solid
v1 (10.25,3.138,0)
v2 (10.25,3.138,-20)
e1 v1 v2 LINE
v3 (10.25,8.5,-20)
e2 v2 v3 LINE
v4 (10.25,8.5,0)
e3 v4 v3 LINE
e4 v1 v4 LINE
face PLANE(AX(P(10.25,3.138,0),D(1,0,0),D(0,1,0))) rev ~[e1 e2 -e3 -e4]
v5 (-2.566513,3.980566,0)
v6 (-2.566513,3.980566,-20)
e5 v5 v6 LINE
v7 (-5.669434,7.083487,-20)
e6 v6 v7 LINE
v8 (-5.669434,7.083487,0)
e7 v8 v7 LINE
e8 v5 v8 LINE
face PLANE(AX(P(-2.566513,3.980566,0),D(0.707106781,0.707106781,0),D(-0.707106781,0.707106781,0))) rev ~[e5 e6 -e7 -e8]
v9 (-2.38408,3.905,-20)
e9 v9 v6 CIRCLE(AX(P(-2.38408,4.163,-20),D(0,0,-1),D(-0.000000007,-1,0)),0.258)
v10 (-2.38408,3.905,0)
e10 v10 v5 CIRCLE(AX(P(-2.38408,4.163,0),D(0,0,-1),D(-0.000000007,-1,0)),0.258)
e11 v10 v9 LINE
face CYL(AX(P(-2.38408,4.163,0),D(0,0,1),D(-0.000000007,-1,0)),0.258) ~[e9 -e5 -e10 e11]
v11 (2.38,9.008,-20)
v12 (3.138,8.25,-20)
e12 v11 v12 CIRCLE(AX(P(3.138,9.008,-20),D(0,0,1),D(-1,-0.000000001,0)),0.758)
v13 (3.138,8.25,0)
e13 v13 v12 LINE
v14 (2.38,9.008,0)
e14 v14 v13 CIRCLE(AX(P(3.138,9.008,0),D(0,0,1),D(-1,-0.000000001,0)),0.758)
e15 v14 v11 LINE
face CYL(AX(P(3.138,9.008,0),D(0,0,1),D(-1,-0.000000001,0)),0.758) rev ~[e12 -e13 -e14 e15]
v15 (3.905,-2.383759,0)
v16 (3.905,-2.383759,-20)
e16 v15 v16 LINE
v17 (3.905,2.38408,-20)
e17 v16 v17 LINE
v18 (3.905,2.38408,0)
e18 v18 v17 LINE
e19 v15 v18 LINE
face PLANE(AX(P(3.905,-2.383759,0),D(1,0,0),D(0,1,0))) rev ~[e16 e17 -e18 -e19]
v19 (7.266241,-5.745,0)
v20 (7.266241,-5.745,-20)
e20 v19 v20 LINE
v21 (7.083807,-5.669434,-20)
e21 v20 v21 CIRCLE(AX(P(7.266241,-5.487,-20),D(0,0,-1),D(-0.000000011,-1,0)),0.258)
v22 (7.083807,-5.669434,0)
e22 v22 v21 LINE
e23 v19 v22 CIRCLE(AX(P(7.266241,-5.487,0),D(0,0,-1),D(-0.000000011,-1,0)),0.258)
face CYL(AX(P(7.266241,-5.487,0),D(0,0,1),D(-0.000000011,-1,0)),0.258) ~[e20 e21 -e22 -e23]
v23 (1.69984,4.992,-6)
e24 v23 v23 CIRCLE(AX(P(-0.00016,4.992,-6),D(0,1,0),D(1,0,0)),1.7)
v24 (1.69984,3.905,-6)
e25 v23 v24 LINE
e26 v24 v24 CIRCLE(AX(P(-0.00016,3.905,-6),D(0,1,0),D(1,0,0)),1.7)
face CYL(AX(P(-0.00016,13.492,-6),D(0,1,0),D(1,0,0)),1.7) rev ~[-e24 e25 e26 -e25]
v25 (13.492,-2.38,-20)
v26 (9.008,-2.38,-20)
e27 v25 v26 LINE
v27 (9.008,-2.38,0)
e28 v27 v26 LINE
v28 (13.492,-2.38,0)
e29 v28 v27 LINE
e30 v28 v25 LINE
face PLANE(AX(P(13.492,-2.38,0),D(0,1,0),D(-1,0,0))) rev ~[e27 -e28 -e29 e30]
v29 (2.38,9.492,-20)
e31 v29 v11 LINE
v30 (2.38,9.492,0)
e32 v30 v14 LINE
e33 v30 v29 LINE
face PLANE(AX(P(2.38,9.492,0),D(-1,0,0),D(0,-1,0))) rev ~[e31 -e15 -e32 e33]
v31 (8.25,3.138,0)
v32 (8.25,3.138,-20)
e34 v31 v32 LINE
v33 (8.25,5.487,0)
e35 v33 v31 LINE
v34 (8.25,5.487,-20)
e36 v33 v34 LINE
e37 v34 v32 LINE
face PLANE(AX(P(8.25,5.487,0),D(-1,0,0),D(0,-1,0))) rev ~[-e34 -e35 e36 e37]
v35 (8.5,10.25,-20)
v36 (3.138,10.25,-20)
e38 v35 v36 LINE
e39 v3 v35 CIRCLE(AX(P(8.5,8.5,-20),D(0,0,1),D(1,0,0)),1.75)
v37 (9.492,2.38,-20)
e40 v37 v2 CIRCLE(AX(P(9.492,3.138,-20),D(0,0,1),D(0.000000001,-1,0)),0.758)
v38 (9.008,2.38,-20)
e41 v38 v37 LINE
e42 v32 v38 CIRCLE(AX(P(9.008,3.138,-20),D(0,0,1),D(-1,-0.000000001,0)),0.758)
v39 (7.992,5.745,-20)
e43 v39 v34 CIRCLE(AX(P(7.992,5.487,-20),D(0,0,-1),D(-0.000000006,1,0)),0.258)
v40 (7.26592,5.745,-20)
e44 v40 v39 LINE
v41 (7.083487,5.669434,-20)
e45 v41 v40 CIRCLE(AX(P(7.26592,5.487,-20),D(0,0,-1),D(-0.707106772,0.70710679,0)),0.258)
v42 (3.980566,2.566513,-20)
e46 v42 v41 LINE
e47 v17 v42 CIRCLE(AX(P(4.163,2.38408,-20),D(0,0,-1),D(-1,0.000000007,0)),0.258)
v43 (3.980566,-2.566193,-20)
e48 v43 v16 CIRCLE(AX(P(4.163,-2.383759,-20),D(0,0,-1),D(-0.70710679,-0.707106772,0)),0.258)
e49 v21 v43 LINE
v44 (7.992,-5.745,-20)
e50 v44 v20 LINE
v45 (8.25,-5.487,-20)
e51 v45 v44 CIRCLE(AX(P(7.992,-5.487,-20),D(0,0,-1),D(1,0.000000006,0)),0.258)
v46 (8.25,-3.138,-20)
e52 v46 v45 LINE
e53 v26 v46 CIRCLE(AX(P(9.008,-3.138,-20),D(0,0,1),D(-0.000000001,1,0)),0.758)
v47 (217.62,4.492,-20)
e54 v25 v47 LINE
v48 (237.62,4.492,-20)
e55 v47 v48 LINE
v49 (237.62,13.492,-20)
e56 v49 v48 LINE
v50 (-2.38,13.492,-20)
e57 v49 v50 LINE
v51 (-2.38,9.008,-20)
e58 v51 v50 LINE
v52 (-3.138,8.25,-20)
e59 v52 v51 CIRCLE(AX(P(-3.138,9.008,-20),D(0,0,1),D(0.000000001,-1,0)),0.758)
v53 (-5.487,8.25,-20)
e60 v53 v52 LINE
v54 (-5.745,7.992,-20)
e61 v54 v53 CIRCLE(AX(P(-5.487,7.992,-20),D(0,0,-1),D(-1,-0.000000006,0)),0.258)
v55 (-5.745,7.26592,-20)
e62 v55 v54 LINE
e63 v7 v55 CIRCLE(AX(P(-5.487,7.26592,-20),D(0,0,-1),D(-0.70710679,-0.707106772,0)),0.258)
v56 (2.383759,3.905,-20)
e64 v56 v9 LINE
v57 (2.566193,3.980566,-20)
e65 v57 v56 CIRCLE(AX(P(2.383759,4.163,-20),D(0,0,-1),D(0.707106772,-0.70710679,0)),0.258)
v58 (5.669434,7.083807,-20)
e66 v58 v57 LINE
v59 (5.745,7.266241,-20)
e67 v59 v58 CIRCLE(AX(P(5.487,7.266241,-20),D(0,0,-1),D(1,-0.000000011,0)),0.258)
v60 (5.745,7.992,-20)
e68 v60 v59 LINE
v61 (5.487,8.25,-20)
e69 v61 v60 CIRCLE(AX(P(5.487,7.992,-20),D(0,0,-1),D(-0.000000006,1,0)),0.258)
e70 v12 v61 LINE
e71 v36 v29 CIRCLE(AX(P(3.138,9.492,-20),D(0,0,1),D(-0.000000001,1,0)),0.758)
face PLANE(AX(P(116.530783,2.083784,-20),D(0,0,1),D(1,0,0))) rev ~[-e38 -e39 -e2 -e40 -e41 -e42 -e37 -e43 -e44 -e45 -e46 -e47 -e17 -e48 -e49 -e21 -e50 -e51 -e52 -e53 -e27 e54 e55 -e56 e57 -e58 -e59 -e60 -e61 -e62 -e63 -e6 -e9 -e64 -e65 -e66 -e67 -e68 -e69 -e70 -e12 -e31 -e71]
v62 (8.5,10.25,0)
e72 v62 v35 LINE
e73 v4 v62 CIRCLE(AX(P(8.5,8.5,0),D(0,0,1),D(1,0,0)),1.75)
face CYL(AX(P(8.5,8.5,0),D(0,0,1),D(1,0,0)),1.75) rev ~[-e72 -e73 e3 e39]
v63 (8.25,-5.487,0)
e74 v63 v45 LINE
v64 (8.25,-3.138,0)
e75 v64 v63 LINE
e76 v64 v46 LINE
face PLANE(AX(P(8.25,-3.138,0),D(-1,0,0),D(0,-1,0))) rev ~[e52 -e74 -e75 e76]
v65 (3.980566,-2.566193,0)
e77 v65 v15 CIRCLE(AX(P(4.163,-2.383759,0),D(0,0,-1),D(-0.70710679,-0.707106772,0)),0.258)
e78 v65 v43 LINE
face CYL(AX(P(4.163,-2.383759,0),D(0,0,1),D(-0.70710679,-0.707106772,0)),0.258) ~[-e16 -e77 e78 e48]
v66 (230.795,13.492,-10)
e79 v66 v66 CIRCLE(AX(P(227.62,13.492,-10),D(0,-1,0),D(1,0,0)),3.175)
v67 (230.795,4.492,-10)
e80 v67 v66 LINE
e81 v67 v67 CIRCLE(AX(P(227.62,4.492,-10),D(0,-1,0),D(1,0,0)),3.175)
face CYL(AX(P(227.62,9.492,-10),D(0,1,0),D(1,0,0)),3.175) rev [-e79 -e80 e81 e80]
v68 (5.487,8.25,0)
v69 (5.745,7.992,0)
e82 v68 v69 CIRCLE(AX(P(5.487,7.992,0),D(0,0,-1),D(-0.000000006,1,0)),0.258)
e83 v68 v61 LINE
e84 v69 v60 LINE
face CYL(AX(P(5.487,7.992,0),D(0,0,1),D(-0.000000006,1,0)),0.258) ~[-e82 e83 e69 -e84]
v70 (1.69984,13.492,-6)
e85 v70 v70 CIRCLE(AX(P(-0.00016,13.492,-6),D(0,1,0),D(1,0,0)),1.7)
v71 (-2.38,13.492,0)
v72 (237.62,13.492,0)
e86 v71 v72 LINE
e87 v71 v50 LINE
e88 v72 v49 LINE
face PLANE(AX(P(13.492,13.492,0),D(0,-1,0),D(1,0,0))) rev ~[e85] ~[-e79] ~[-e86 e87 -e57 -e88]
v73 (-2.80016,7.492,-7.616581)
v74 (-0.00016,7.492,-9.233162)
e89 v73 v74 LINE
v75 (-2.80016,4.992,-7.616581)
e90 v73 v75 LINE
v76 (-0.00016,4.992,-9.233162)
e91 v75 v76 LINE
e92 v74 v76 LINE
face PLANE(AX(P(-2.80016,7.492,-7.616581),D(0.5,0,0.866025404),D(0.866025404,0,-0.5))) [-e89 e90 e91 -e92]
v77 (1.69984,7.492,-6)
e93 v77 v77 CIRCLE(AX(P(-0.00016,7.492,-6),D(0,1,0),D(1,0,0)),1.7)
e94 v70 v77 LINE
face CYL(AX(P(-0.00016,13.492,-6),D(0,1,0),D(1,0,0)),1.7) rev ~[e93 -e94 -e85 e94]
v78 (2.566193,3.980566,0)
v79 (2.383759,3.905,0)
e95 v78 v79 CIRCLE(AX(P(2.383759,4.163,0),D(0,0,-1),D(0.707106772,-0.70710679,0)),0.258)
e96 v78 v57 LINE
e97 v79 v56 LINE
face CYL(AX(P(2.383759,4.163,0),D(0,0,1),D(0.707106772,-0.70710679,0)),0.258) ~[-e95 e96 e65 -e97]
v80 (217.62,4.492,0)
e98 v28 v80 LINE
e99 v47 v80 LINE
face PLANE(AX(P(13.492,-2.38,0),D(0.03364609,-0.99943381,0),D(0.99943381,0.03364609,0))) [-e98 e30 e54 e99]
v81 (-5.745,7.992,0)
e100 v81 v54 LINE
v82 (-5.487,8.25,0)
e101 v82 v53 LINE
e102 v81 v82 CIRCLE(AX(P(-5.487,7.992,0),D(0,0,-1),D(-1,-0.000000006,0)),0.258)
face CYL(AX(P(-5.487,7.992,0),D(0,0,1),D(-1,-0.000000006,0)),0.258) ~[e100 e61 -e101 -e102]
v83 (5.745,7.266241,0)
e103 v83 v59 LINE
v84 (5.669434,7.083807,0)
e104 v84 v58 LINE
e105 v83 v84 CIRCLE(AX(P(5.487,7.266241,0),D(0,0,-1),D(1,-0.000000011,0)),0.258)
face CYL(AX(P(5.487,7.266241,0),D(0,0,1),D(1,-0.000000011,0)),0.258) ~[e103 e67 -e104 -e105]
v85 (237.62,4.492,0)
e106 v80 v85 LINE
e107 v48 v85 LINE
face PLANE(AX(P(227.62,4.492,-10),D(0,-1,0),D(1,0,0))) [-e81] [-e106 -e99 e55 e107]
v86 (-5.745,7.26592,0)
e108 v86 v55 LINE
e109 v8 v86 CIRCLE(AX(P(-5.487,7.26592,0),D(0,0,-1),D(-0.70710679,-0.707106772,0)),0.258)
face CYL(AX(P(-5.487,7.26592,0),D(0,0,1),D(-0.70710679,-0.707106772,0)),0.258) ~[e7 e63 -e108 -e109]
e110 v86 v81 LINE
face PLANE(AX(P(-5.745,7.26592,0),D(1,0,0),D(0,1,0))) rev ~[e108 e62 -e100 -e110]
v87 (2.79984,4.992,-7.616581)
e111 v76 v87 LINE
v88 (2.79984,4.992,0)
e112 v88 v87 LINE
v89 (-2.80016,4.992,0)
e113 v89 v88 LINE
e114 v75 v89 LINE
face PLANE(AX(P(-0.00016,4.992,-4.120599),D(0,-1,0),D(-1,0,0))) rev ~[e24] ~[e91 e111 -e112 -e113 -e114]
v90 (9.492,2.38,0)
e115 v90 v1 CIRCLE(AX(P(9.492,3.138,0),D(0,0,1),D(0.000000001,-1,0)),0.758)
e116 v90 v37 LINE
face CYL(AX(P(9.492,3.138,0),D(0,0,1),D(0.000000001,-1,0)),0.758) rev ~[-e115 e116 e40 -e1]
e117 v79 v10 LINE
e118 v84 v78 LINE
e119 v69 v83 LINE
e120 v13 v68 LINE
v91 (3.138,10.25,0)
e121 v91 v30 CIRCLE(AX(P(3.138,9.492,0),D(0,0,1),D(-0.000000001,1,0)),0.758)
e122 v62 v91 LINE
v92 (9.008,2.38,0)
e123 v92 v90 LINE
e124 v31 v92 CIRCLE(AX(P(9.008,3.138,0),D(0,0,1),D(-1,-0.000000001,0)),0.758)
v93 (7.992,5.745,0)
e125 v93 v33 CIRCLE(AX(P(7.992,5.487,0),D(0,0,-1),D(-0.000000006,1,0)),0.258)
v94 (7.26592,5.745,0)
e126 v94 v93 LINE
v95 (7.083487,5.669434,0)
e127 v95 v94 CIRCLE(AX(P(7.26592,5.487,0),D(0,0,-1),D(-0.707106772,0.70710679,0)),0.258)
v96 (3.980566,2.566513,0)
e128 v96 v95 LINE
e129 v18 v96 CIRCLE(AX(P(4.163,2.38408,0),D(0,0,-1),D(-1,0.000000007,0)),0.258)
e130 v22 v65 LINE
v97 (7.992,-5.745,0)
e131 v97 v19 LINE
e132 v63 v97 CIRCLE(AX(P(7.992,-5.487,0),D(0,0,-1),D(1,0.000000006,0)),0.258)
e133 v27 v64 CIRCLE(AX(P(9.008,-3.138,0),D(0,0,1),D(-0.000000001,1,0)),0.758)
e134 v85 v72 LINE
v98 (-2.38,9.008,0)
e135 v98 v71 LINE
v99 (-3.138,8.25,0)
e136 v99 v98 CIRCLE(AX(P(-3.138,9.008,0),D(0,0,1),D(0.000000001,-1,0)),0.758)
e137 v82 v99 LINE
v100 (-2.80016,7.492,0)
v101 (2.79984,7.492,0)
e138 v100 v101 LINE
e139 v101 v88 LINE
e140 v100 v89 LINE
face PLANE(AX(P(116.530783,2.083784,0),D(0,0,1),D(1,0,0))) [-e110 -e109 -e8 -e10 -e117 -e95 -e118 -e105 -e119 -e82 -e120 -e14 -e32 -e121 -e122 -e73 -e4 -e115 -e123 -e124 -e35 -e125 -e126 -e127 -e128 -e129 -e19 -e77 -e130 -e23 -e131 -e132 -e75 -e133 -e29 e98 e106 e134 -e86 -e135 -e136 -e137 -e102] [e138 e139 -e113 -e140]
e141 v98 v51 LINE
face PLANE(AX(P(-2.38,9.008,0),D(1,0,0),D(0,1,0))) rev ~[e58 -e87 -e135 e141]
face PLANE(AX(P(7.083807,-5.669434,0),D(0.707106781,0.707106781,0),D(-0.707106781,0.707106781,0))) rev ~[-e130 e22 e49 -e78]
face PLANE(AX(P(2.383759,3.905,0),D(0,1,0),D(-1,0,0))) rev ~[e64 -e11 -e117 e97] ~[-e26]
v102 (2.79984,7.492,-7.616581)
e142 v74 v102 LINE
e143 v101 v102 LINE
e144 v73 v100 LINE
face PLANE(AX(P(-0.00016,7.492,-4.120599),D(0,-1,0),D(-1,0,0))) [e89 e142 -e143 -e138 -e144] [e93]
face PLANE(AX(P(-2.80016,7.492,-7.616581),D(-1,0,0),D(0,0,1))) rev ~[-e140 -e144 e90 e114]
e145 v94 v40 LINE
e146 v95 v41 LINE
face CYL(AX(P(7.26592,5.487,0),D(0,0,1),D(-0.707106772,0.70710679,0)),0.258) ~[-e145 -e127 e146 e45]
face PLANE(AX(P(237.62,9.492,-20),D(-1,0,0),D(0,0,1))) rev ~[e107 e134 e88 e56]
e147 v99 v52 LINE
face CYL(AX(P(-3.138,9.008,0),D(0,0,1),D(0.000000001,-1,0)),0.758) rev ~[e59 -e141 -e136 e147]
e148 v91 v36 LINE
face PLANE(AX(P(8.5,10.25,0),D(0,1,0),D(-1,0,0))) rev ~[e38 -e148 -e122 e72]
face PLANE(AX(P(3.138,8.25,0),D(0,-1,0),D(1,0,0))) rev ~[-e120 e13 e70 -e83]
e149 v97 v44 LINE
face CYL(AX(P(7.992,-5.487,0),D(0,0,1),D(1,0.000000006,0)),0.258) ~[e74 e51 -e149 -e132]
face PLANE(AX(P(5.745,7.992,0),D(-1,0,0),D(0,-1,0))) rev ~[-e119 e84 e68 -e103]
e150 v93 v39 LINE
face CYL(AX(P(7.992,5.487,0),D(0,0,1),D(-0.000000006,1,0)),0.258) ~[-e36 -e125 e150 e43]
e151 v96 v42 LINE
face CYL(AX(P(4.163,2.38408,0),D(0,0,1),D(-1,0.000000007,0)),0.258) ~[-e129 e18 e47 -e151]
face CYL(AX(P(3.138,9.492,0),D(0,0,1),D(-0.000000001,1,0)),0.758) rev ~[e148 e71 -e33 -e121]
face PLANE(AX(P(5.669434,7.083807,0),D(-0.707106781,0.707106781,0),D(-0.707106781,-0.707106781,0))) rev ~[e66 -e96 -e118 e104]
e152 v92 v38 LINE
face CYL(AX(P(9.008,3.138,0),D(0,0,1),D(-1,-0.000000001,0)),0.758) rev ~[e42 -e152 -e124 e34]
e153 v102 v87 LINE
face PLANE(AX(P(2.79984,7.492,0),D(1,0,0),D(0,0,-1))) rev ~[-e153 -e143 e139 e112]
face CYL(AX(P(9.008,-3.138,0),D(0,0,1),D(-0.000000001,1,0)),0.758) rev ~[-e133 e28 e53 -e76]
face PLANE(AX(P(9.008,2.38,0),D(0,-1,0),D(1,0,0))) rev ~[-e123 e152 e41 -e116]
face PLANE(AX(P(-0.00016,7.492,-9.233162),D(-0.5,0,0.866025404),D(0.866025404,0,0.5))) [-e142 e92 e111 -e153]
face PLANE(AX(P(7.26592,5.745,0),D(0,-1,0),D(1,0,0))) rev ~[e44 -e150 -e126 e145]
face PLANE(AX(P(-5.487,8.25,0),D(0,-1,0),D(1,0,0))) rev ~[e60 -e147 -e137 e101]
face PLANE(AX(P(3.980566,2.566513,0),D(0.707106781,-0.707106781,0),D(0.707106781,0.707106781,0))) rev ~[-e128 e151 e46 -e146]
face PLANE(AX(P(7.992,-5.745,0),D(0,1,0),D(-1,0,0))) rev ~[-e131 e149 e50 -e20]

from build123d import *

# Parameters (mm, degrees)
BOSS_EXTRUDE1_DEPTH = 20
BOSS_EXTRUDE2_DEPTH = 20
CUT_EXTRUDE1_DEPTH  = 20
SKETCH4_R           = 3.175
CUT_EXTRUDE2_DEPTH  = 4
SKETCH5_W           = 20
SKETCH5_H           = 20
SKETCH5_R           = 3.175
BOSS_EXTRUDE3_DEPTH = 5
BOSS_EXTRUDE4_DEPTH = 20
CUT_EXTRUDE3_START  = -6
CUT_EXTRUDE3_DEPTH  = 2.5
SKETCH9_R           = 1.7
CUT_EXTRUDE4_DEPTH  = 20.237


with BuildPart() as part:
    # Sketch1 → Boss-Extrude1 (new body)
    with BuildSketch(Plane.XY):
        with BuildLine():
            ThreePointArc((-3.138, 8.25), (-2.60201306, 8.47201306), (-2.38, 9.008))
            Line((-2.38, 9.008), (-2.38, 9.492))
            Line((-2.38, 9.492), (-2.38, 13.492))
            Line((-2.38, 13.492), (13.492, 13.492))
            Line((13.492, 13.492), (13.492, -2.38))
            Line((13.492, -2.38), (9.492, -2.38))
            Line((9.492, -2.38), (9.008, -2.38))
            ThreePointArc((9.008, -2.38), (8.47201306, -2.60201306), (8.25, -3.138))
            Line((8.25, -3.138), (8.25, -5.487))
            ThreePointArc((8.25, -5.487), (8.17443355, -5.66943355), (7.992, -5.745))
            Line((7.992, -5.745), (7.266240833, -5.745))
            ThreePointArc((7.266240833, -5.745), (7.167508508, -5.725360919), (7.083807284, -5.66943355))
            Line((7.083807284, -5.66943355), (3.98056645, -2.566192716))
            ThreePointArc((3.98056645, -2.566192716), (3.924639081, -2.482491492), (3.905, -2.383759167))
            Line((3.905, -2.383759167), (3.905, 2.38407951))
            ThreePointArc((3.905, 2.38407951), (3.924639081, 2.482811836), (3.98056645, 2.56651306))
            Line((3.98056645, 2.56651306), (7.08348694, 5.66943355))
            ThreePointArc((7.08348694, 5.66943355), (7.167188164, 5.725360919), (7.26592049, 5.745))
            Line((7.26592049, 5.745), (7.992, 5.745))
            ThreePointArc((7.992, 5.745), (8.17443355, 5.66943355), (8.25, 5.487))
            Line((8.25, 5.487), (8.25, 3.138))
            ThreePointArc((8.25, 3.138), (8.47201306, 2.60201306), (9.008, 2.38))
            Line((9.008, 2.38), (9.492, 2.38))
            ThreePointArc((9.492, 2.38), (10.02798694, 2.60201306), (10.25, 3.138))
            Line((10.25, 3.138), (10.25, 8.5))
            ThreePointArc((10.25, 8.5), (9.737436867, 9.737436867), (8.5, 10.25))
            Line((8.5, 10.25), (3.138, 10.25))
            ThreePointArc((3.138, 10.25), (2.60201306, 10.02798694), (2.38, 9.492))
            Line((2.38, 9.492), (2.38, 9.008))
            ThreePointArc((2.38, 9.008), (2.60201306, 8.47201306), (3.138, 8.25))
            Line((3.138, 8.25), (5.487, 8.25))
            ThreePointArc((5.487, 8.25), (5.66943355, 8.17443355), (5.745, 7.992))
            Line((5.745, 7.992), (5.745, 7.266240833))
            ThreePointArc((5.745, 7.266240833), (5.725360919, 7.167508508), (5.66943355, 7.083807284))
            Line((5.66943355, 7.083807284), (2.566192716, 3.98056645))
            ThreePointArc((2.566192716, 3.98056645), (2.482491492, 3.924639081), (2.383759167, 3.905))
            Line((2.383759167, 3.905), (-2.38407951, 3.905))
            ThreePointArc((-2.38407951, 3.905), (-2.482811836, 3.924639081), (-2.56651306, 3.98056645))
            Line((-2.56651306, 3.98056645), (-5.66943355, 7.08348694))
            ThreePointArc((-5.66943355, 7.08348694), (-5.725360919, 7.167188164), (-5.745, 7.26592049))
            Line((-5.745, 7.26592049), (-5.745, 7.992))
            ThreePointArc((-5.745, 7.992), (-5.66943355, 8.17443355), (-5.487, 8.25))
            Line((-5.487, 8.25), (-3.138, 8.25))
        make_face()
    extrude(amount=-BOSS_EXTRUDE1_DEPTH)

    # Sketch2 → Boss-Extrude2 (add)
    with BuildSketch(Plane.XY):
        Polygon((13.492, 13.492), (237.62, 13.492), (237.62, 9.492), (13.492, -2.38), align=None)
    extrude(amount=-BOSS_EXTRUDE2_DEPTH)

    # Sketch3 → Cut-Extrude1 (cut)
    with BuildSketch(Plane.XY):
        Polygon((237.62, 9.492), (217.62, 9.492), (217.62, 8.432605368), align=None)
    extrude(amount=-CUT_EXTRUDE1_DEPTH, mode=Mode.SUBTRACT)

    # Sketch4 → Cut-Extrude2 (cut)
    with BuildSketch(Plane.XZ.offset(-9.492)):
        with Locations((227.62, -10)):
            Circle(SKETCH4_R)
    extrude(amount=-CUT_EXTRUDE2_DEPTH, mode=Mode.SUBTRACT)

    # Sketch5 → Boss-Extrude3 (add)
    with BuildSketch(Plane.XZ.offset(-9.492)):
        with Locations((227.62, -10)):
            Rectangle(SKETCH5_W, SKETCH5_H)
        with Locations((227.62, -10)):
            Circle(SKETCH5_R, mode=Mode.SUBTRACT)
    extrude(amount=BOSS_EXTRUDE3_DEPTH)

    # Sketch6 → Boss-Extrude4 (add)
    with BuildSketch(Plane.XY):
        Polygon((13.492, -2.38), (217.62, 4.492), (217.62, 8.432605368), align=None)
    extrude(amount=-BOSS_EXTRUDE4_DEPTH)

    # Sketch8 → Cut-Extrude3 (cut)
    with BuildSketch(Plane(origin=(0, 13.492, 0), x_dir=(1, 0, 0), z_dir=(0, 1, 0)).offset(CUT_EXTRUDE3_START)):
        Polygon((2.383759167, 0), (-2.38407951, 0), (-2.800160172, 0), (-2.800160172, 4.383419246), (-2.800160172, 7.616580754), (-0.000160172, 9.233161507), (2.799839828, 7.616580754), (2.799839828, 4.383419246), (2.799839828, 0), align=None)
    extrude(amount=-CUT_EXTRUDE3_DEPTH, mode=Mode.SUBTRACT)

    # Sketch9 → Cut-Extrude4 (cut, through all)
    with BuildSketch(Plane(origin=(0, 13.492, 0), x_dir=(1, 0, 0), z_dir=(0, 1, 0))):
        with Locations((-0.000160172, 6)):
            Circle(SKETCH9_R)
    extrude(amount=-CUT_EXTRUDE4_DEPTH, mode=Mode.SUBTRACT)


solid = part.part
